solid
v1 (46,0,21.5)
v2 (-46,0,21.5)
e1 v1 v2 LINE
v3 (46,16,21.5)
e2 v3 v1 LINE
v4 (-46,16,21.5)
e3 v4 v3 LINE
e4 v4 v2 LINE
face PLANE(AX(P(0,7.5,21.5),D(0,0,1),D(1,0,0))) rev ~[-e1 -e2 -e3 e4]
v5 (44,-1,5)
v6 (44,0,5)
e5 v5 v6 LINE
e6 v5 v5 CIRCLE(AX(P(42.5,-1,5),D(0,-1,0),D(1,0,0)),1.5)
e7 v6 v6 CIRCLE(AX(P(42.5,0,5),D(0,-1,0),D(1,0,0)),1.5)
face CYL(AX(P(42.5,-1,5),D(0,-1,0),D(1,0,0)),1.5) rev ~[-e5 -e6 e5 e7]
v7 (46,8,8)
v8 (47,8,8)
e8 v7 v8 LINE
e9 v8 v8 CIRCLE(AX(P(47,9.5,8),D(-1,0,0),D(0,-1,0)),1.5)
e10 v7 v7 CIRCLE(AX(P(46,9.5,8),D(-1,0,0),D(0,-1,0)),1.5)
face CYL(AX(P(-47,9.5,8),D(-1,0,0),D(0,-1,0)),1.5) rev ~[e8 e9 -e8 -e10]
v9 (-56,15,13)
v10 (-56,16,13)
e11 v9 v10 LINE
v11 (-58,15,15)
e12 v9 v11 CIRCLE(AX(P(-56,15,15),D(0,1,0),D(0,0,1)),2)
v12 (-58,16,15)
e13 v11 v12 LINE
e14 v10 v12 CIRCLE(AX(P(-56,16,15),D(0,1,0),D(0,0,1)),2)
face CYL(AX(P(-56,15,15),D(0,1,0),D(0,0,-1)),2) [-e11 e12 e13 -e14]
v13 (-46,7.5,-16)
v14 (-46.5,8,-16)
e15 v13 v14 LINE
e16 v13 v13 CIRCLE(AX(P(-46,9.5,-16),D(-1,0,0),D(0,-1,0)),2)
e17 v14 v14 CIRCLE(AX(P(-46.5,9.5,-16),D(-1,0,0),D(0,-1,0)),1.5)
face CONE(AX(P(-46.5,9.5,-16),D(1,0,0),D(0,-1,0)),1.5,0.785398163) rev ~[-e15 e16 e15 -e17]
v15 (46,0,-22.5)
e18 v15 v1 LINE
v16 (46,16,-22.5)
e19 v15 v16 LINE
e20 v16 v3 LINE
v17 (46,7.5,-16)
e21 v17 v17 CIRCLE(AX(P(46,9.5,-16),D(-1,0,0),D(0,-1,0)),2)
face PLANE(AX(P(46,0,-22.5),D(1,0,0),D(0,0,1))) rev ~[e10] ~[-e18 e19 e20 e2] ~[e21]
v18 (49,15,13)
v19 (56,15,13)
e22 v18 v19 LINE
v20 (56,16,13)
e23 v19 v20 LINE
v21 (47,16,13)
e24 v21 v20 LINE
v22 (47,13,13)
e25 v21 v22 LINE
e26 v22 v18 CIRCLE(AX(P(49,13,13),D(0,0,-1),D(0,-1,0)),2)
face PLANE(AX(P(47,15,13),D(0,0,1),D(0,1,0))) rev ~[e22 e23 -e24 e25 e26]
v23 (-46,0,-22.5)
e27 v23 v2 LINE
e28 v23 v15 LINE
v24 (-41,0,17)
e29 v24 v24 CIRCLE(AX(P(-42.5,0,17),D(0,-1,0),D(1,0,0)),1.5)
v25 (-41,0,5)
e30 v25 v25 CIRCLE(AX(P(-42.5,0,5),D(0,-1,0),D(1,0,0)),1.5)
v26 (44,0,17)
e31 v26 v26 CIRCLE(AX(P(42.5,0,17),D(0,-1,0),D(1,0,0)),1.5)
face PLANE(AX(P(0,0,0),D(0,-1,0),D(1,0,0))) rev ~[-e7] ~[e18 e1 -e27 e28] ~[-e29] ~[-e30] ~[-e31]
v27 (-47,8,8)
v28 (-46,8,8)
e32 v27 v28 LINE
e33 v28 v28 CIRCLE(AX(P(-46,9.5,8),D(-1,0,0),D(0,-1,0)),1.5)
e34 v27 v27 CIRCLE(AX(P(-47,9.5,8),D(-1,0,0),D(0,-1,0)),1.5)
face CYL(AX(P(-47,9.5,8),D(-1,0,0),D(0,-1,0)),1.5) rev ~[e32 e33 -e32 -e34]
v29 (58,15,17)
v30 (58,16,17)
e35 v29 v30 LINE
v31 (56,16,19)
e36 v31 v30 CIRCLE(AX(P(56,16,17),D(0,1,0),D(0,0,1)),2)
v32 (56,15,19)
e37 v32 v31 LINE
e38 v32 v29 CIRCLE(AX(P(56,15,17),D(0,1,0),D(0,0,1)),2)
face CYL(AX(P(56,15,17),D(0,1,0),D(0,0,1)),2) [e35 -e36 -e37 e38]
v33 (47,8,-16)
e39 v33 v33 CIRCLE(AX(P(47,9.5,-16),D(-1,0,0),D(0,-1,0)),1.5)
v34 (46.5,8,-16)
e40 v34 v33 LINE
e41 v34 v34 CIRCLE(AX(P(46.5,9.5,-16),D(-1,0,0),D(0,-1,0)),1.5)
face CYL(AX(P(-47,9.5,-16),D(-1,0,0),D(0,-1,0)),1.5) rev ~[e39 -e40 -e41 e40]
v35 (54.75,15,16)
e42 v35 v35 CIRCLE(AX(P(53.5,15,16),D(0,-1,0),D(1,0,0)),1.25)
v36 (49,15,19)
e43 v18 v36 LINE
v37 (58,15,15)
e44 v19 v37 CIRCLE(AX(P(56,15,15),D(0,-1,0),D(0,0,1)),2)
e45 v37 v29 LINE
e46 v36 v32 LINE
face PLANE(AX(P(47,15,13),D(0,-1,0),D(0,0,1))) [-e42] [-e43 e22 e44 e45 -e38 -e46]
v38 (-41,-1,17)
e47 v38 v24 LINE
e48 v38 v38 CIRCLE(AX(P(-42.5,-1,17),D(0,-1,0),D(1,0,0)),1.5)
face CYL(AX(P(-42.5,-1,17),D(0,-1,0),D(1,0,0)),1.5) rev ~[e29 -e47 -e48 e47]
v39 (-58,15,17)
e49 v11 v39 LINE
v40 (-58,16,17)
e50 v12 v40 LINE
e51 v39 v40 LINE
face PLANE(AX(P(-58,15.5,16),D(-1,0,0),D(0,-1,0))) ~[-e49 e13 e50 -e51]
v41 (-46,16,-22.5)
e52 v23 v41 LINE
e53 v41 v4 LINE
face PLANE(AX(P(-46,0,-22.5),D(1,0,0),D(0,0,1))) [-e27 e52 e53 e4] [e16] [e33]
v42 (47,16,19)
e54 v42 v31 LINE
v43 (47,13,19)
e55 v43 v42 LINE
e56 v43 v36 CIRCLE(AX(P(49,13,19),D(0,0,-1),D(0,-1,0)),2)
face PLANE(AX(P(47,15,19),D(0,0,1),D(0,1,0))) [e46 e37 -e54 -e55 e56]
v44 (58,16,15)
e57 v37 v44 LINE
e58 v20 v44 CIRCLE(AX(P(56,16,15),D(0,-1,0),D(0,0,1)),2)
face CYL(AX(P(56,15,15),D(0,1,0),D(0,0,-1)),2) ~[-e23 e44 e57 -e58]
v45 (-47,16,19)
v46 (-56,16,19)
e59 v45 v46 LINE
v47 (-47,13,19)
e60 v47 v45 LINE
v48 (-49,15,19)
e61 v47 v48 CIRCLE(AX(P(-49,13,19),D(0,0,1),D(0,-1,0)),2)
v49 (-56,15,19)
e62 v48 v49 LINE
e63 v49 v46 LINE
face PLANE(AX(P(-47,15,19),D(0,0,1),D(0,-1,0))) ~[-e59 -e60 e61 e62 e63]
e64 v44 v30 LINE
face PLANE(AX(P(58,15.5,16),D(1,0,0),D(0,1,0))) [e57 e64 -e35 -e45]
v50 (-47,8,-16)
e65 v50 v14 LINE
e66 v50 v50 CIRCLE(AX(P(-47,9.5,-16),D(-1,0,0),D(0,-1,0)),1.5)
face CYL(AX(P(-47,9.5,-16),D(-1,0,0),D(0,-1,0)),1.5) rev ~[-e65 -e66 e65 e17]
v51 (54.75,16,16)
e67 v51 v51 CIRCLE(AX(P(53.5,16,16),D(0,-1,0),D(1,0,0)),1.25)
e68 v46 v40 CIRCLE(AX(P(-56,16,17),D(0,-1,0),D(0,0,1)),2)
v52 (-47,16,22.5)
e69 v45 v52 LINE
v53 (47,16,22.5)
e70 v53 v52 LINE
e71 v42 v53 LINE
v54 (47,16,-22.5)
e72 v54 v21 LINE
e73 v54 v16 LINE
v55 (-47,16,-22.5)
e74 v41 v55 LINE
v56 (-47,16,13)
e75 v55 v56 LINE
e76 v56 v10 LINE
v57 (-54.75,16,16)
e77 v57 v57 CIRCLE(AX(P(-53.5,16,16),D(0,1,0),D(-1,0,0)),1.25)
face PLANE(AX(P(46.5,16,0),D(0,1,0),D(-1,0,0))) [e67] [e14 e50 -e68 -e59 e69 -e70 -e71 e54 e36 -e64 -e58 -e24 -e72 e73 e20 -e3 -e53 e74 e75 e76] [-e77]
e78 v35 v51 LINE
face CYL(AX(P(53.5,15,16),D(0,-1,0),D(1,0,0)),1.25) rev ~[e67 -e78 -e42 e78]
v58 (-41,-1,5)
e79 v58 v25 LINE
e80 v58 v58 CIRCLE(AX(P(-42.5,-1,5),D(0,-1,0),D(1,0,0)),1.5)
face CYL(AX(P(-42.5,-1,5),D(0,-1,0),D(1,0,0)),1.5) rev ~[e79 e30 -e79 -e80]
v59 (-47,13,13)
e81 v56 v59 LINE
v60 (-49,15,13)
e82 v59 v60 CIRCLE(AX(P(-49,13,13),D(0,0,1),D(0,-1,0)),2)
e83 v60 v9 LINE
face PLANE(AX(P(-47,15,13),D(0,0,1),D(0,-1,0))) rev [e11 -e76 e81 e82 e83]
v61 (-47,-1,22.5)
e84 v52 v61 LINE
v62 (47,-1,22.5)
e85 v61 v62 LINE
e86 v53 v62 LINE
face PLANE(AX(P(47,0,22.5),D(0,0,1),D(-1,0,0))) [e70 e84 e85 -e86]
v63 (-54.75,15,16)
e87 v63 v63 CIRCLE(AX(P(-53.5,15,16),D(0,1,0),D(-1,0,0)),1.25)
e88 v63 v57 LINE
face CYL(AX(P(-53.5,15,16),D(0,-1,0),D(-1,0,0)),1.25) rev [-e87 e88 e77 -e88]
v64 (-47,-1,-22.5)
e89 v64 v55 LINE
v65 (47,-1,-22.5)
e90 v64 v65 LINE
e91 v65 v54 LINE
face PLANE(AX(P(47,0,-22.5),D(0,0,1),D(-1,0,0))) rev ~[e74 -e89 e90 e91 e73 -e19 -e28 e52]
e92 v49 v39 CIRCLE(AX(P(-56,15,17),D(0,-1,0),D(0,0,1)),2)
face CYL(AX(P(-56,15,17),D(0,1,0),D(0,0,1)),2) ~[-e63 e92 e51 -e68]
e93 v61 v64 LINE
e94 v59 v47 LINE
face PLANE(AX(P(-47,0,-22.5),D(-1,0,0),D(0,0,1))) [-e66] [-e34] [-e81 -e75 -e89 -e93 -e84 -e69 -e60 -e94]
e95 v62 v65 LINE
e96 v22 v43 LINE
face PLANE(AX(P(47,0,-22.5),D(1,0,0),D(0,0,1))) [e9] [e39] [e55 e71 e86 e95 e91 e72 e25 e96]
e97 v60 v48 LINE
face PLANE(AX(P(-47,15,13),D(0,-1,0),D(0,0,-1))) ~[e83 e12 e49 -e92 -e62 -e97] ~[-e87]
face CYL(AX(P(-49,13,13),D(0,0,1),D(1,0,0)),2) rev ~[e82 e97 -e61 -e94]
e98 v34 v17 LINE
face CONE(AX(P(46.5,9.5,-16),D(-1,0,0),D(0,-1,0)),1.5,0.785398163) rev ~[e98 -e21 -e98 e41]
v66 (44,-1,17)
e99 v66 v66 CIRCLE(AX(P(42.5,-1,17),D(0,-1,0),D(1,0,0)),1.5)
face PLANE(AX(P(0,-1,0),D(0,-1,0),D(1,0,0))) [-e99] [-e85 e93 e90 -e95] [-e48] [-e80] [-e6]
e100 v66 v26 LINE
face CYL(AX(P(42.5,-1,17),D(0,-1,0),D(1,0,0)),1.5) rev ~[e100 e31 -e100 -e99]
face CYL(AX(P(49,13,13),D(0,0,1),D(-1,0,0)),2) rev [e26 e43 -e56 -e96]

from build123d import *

# Parameters (mm, degrees)
F0_W      = 94
F0_H      = 45
F1_DEPTH  = 1
F2_W      = 1
F2_H      = 45
F3_DEPTH  = 16
F4_W      = 94
F4_H      = 17
F5_DEPTH  = 1
F6_W      = 1
F6_H      = 6
F7_DEPTH  = 11
F8_R      = 1.25
F8_R_2    = 1.5
F9_DEPTH  = 25
F10_R     = 2
F12_W     = 19.2678107619
F12_H     = 14.8564111814
F12_W_2   = 16.8835728168
F12_H_2   = 15.2771589719
F13_DEPTH = 25
F14_R     = 1.5
F15_DEPTH = 100
F16_SIZE  = 0.5
F17_R     = 1.5
F18_DEPTH = 100
F19_R     = 1.5
F20_DEPTH = 25


with BuildPart() as f1:
    # F0 (on Front) → F1 (new body)
    with BuildSketch(Plane.XZ):
        Rectangle(F0_W, F0_H)
    extrude(amount=F1_DEPTH)

    # F2 (on face) → F3 (join)
    with BuildSketch(Plane(origin=(0, 0, 0), x_dir=(-1, 0, 0), z_dir=(0, 1, 0))):
        with Locations((-46.5, 0)):
            Rectangle(F2_W, F2_H)
        with Locations((46.5, 0)):
            Rectangle(F2_W, F2_H)
    extrude(amount=F3_DEPTH)

    # F4 (on face) → F5 (join)
    with BuildSketch(Plane.XY.offset(22.5)):
        with Locations((0, 7.5)):
            Rectangle(F4_W, F4_H)
    extrude(amount=-F5_DEPTH)

    # F6 (on face) → F7 (join)
    with BuildSketch(Plane.YZ.offset(47)):
        with Locations((15.5, 16)):
            Rectangle(F6_W, F6_H)
        with Locations((15.5, -16)):
            Rectangle(F6_W, F6_H)
    extrude(amount=F7_DEPTH)

    # F8 (on face) → F9 (cut)
    with BuildSketch(Plane.XZ.offset(-15)):
        with Locations((53.5, 16)):
            Circle(F8_R)
        with Locations((53.5, -16)):
            Circle(F8_R_2)
    extrude(amount=-F9_DEPTH, mode=Mode.SUBTRACT)

    # F10
    f10_edges = [f1.edges().sort_by_distance(p)[0] for p in [
        (58, 15.5, -19),
        (58, 15.5, -13),
        (58, 15.5, 19),
        (58, 15.5, 13),
        (47, 15, -16),
        (47, 15, 16),
    ]]
    fillet(f10_edges, radius=F10_R)

    # F11: F1 across plane


with BuildPart() as f1_1:
    add(f1.part)
    add(f1.part.mirror(Plane.YZ))

    # F12 (on face) → F13 (cut)
    with BuildSketch(Plane.XZ.offset(1)):
        with Locations((56.633905381, -15.0717944093)):
            Rectangle(F12_W, F12_H)
        with Locations((-55.4417864084, -14.8614205141)):
            Rectangle(F12_W_2, F12_H_2)
    extrude(amount=-F13_DEPTH, mode=Mode.SUBTRACT)

    # F14 (on face) → F15 (cut)
    with BuildSketch(Plane(origin=(-47, 0, 0), x_dir=(0, -1, 0), z_dir=(-1, 0, 0))):
        with Locations((-9.5, -16)):
            Circle(F14_R)
    extrude(amount=-F15_DEPTH, mode=Mode.SUBTRACT)

    # F16
    f16_edges = [f1_1.edges().sort_by_distance(p)[0] for p in [
        (-46, 11, -16),
        (46, 11, -16),
    ]]
    chamfer(f16_edges, length=F16_SIZE)

    # F17 (on face) → F18 (cut)
    with BuildSketch(Plane(origin=(-47, 0, 0), x_dir=(0, -1, 0), z_dir=(-1, 0, 0))):
        with Locations((-9.5, 8)):
            Circle(F17_R)
    extrude(amount=-F18_DEPTH, mode=Mode.SUBTRACT)

    # F19 (on face) → F20 (cut)
    with BuildSketch(Plane.XZ.offset(1)):
        with Locations((-42.5, 17)):
            Circle(F19_R)
        with Locations((42.5, 17)):
            Circle(F19_R)
        with Locations((-42.5, 5)):
            Circle(F19_R)
        with Locations((42.5, 5)):
            Circle(F19_R)
    extrude(amount=-F20_DEPTH, mode=Mode.SUBTRACT)


solid = f1_1.part
